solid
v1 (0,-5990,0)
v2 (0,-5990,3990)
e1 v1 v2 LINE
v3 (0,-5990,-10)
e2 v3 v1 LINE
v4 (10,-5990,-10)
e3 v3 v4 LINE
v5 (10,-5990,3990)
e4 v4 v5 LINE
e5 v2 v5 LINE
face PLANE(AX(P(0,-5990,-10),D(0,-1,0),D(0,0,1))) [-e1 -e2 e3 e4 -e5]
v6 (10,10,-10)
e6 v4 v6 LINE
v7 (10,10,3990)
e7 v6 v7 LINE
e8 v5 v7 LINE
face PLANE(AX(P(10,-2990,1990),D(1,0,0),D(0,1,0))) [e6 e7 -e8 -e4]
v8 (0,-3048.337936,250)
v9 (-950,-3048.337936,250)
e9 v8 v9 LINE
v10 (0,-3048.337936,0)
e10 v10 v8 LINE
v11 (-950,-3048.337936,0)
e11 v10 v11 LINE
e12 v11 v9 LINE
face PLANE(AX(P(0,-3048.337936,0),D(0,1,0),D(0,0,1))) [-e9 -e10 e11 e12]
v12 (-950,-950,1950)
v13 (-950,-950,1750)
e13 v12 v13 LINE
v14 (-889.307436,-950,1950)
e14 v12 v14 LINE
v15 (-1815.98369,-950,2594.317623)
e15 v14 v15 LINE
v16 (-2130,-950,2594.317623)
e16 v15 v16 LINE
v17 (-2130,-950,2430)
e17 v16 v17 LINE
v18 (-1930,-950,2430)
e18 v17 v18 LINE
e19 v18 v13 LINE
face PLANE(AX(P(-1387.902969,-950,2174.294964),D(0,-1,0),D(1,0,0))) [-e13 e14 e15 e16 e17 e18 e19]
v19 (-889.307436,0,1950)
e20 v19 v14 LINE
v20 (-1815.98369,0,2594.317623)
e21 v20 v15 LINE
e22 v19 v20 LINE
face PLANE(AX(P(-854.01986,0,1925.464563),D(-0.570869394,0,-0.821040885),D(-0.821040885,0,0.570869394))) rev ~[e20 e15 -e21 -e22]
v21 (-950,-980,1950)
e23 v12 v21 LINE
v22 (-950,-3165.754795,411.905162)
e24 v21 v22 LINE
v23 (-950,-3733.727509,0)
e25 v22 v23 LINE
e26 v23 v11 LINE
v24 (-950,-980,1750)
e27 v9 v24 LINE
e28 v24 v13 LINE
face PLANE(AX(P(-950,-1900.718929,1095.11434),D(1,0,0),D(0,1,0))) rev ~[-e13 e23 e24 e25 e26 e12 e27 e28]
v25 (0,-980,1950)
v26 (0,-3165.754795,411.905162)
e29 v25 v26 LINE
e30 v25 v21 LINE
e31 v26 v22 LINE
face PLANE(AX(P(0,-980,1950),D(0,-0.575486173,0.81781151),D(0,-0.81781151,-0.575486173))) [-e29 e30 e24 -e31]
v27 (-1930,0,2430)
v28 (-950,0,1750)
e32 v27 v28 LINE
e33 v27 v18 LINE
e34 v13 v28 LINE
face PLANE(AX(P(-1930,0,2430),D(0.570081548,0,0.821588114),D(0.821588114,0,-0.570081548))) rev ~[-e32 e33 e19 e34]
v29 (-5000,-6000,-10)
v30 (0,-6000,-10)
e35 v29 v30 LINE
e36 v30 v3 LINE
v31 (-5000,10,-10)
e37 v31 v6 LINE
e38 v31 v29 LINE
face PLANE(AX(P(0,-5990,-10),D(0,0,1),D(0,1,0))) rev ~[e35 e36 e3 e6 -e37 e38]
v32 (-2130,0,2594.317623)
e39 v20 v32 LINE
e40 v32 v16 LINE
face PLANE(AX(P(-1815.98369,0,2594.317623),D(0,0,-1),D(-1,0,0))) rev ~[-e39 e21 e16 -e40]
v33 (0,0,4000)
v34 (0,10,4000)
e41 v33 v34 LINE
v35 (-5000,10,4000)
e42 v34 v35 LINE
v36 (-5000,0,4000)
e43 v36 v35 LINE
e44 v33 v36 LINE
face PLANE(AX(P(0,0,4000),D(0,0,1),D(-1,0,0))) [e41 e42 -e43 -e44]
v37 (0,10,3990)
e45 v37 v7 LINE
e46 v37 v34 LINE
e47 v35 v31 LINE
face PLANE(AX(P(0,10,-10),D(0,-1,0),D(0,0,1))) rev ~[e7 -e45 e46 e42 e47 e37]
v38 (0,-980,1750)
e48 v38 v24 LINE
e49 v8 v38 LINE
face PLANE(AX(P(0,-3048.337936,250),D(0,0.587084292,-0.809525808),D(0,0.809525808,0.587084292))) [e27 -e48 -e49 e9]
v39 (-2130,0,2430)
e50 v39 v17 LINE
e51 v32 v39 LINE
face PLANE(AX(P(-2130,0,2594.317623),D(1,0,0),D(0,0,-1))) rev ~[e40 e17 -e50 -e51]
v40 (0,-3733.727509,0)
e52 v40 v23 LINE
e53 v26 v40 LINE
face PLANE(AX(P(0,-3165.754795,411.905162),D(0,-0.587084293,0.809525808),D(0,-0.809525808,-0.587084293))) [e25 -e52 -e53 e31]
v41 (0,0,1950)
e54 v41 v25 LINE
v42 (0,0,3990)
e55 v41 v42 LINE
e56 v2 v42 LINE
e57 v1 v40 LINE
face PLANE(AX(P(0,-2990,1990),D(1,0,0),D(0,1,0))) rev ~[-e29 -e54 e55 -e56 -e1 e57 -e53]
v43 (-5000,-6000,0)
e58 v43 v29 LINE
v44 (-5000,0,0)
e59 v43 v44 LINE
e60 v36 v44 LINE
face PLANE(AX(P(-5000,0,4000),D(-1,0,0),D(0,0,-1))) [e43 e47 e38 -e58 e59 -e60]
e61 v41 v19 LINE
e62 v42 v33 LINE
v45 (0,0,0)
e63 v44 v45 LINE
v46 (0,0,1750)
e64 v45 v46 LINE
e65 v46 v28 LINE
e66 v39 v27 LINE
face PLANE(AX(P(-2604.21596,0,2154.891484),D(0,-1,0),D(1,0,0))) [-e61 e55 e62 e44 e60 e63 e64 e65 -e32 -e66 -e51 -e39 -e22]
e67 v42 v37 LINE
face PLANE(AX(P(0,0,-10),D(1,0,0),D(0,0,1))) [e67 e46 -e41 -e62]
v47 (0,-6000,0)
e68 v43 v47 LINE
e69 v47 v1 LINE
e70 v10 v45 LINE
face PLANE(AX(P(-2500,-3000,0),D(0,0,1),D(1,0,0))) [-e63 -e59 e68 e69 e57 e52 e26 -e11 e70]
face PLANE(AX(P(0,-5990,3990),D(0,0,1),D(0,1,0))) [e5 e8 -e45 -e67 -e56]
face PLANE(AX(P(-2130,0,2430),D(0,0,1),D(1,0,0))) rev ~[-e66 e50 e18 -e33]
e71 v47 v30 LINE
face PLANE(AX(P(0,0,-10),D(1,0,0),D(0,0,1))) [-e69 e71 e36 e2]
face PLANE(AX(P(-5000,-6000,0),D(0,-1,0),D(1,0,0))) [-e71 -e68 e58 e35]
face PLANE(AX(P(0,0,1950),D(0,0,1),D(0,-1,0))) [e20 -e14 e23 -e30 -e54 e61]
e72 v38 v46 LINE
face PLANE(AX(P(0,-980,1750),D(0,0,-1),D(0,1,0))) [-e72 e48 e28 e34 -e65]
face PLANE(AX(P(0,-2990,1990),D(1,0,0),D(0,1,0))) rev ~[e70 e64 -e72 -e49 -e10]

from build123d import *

# Parameters (mm, degrees)
F0_W     = 5000
F0_H     = 6000
F1_DEPTH = 10
F2_W     = 5000
F2_H     = 10
F3_DEPTH = 10
F4_W     = 6000
F4_H     = 4000
F5_DEPTH = 10
F6_DEPTH = 950
F7_DEPTH = 950


with BuildPart() as f1:
    # F0 (on Top) → F1 (new body)
    with BuildSketch(Plane.XY):
        with Locations((-2500, -3000)):
            Rectangle(F0_W, F0_H)
    extrude(amount=-F1_DEPTH)

    # F2 (on Front) → F3 (join)
    with BuildSketch(Plane.XZ):
        Polygon((-5000, 0), (0, 0), (0, 4000), (-5000, 4000), (-5000, 2604.317623), (-1815.98369, 2604.317623), (-1815.98369, 2594.317623), (-854.01986, 1925.464563), (-950, 1750), (-1930, 2430), (-2130, 2430), (-2130, 2594.317623), (-5000, 2594.317623), align=None)
        with Locations((-2500, -5)):
            Rectangle(F2_W, F2_H)
        Polygon((-854.01986, 1925.464563), (-1815.98369, 2594.317623), (-1930, 2430), (-950, 1750), align=None)
        Polygon((-1815.98369, 2594.317623), (-2130, 2594.317623), (-2130, 2430), (-1930, 2430), align=None)
        Polygon((-5000, 2604.317623), (-5000, 2594.317623), (-2130, 2594.317623), (-1815.98369, 2594.317623), (-1815.98369, 2604.317623), align=None)
    extrude(amount=-F3_DEPTH)

    # F4 (on Right) → F5 (join)
    with BuildSketch(Plane.YZ):
        with Locations((-2990, 1990)):
            Rectangle(F4_W, F4_H)
        Polygon((0, 1950), (0, 1750), (-980, 1750), (-3048.337936, 250), (-3048.337936, 0), (-3733.727509, 0), (-3165.754795, 411.905162), (-980, 1950), align=None, mode=Mode.SUBTRACT)
        Polygon((-980, 1750), (0, 1750), (0, 1950), (-980, 1950), (-3165.754795, 411.905162), (-3733.727509, 0), (-3048.337936, 0), (-3048.337936, 250), align=None)
    extrude(amount=F5_DEPTH)

    # F4 (on Right) → F6 (join)
    with BuildSketch(Plane.YZ):
        Polygon((-980, 1750), (0, 1750), (0, 1950), (-980, 1950), (-3165.754795, 411.905162), (-3733.727509, 0), (-3048.337936, 0), (-3048.337936, 250), align=None)
    extrude(amount=-F6_DEPTH)

    # F2 (on Front) → F7 (join)
    with BuildSketch(Plane.XZ):
        Polygon((-854.01986, 1925.464563), (-1815.98369, 2594.317623), (-1930, 2430), (-950, 1750), align=None)
        Polygon((-1815.98369, 2594.317623), (-2130, 2594.317623), (-2130, 2430), (-1930, 2430), align=None)
    extrude(amount=F7_DEPTH)


solid = f1.part
